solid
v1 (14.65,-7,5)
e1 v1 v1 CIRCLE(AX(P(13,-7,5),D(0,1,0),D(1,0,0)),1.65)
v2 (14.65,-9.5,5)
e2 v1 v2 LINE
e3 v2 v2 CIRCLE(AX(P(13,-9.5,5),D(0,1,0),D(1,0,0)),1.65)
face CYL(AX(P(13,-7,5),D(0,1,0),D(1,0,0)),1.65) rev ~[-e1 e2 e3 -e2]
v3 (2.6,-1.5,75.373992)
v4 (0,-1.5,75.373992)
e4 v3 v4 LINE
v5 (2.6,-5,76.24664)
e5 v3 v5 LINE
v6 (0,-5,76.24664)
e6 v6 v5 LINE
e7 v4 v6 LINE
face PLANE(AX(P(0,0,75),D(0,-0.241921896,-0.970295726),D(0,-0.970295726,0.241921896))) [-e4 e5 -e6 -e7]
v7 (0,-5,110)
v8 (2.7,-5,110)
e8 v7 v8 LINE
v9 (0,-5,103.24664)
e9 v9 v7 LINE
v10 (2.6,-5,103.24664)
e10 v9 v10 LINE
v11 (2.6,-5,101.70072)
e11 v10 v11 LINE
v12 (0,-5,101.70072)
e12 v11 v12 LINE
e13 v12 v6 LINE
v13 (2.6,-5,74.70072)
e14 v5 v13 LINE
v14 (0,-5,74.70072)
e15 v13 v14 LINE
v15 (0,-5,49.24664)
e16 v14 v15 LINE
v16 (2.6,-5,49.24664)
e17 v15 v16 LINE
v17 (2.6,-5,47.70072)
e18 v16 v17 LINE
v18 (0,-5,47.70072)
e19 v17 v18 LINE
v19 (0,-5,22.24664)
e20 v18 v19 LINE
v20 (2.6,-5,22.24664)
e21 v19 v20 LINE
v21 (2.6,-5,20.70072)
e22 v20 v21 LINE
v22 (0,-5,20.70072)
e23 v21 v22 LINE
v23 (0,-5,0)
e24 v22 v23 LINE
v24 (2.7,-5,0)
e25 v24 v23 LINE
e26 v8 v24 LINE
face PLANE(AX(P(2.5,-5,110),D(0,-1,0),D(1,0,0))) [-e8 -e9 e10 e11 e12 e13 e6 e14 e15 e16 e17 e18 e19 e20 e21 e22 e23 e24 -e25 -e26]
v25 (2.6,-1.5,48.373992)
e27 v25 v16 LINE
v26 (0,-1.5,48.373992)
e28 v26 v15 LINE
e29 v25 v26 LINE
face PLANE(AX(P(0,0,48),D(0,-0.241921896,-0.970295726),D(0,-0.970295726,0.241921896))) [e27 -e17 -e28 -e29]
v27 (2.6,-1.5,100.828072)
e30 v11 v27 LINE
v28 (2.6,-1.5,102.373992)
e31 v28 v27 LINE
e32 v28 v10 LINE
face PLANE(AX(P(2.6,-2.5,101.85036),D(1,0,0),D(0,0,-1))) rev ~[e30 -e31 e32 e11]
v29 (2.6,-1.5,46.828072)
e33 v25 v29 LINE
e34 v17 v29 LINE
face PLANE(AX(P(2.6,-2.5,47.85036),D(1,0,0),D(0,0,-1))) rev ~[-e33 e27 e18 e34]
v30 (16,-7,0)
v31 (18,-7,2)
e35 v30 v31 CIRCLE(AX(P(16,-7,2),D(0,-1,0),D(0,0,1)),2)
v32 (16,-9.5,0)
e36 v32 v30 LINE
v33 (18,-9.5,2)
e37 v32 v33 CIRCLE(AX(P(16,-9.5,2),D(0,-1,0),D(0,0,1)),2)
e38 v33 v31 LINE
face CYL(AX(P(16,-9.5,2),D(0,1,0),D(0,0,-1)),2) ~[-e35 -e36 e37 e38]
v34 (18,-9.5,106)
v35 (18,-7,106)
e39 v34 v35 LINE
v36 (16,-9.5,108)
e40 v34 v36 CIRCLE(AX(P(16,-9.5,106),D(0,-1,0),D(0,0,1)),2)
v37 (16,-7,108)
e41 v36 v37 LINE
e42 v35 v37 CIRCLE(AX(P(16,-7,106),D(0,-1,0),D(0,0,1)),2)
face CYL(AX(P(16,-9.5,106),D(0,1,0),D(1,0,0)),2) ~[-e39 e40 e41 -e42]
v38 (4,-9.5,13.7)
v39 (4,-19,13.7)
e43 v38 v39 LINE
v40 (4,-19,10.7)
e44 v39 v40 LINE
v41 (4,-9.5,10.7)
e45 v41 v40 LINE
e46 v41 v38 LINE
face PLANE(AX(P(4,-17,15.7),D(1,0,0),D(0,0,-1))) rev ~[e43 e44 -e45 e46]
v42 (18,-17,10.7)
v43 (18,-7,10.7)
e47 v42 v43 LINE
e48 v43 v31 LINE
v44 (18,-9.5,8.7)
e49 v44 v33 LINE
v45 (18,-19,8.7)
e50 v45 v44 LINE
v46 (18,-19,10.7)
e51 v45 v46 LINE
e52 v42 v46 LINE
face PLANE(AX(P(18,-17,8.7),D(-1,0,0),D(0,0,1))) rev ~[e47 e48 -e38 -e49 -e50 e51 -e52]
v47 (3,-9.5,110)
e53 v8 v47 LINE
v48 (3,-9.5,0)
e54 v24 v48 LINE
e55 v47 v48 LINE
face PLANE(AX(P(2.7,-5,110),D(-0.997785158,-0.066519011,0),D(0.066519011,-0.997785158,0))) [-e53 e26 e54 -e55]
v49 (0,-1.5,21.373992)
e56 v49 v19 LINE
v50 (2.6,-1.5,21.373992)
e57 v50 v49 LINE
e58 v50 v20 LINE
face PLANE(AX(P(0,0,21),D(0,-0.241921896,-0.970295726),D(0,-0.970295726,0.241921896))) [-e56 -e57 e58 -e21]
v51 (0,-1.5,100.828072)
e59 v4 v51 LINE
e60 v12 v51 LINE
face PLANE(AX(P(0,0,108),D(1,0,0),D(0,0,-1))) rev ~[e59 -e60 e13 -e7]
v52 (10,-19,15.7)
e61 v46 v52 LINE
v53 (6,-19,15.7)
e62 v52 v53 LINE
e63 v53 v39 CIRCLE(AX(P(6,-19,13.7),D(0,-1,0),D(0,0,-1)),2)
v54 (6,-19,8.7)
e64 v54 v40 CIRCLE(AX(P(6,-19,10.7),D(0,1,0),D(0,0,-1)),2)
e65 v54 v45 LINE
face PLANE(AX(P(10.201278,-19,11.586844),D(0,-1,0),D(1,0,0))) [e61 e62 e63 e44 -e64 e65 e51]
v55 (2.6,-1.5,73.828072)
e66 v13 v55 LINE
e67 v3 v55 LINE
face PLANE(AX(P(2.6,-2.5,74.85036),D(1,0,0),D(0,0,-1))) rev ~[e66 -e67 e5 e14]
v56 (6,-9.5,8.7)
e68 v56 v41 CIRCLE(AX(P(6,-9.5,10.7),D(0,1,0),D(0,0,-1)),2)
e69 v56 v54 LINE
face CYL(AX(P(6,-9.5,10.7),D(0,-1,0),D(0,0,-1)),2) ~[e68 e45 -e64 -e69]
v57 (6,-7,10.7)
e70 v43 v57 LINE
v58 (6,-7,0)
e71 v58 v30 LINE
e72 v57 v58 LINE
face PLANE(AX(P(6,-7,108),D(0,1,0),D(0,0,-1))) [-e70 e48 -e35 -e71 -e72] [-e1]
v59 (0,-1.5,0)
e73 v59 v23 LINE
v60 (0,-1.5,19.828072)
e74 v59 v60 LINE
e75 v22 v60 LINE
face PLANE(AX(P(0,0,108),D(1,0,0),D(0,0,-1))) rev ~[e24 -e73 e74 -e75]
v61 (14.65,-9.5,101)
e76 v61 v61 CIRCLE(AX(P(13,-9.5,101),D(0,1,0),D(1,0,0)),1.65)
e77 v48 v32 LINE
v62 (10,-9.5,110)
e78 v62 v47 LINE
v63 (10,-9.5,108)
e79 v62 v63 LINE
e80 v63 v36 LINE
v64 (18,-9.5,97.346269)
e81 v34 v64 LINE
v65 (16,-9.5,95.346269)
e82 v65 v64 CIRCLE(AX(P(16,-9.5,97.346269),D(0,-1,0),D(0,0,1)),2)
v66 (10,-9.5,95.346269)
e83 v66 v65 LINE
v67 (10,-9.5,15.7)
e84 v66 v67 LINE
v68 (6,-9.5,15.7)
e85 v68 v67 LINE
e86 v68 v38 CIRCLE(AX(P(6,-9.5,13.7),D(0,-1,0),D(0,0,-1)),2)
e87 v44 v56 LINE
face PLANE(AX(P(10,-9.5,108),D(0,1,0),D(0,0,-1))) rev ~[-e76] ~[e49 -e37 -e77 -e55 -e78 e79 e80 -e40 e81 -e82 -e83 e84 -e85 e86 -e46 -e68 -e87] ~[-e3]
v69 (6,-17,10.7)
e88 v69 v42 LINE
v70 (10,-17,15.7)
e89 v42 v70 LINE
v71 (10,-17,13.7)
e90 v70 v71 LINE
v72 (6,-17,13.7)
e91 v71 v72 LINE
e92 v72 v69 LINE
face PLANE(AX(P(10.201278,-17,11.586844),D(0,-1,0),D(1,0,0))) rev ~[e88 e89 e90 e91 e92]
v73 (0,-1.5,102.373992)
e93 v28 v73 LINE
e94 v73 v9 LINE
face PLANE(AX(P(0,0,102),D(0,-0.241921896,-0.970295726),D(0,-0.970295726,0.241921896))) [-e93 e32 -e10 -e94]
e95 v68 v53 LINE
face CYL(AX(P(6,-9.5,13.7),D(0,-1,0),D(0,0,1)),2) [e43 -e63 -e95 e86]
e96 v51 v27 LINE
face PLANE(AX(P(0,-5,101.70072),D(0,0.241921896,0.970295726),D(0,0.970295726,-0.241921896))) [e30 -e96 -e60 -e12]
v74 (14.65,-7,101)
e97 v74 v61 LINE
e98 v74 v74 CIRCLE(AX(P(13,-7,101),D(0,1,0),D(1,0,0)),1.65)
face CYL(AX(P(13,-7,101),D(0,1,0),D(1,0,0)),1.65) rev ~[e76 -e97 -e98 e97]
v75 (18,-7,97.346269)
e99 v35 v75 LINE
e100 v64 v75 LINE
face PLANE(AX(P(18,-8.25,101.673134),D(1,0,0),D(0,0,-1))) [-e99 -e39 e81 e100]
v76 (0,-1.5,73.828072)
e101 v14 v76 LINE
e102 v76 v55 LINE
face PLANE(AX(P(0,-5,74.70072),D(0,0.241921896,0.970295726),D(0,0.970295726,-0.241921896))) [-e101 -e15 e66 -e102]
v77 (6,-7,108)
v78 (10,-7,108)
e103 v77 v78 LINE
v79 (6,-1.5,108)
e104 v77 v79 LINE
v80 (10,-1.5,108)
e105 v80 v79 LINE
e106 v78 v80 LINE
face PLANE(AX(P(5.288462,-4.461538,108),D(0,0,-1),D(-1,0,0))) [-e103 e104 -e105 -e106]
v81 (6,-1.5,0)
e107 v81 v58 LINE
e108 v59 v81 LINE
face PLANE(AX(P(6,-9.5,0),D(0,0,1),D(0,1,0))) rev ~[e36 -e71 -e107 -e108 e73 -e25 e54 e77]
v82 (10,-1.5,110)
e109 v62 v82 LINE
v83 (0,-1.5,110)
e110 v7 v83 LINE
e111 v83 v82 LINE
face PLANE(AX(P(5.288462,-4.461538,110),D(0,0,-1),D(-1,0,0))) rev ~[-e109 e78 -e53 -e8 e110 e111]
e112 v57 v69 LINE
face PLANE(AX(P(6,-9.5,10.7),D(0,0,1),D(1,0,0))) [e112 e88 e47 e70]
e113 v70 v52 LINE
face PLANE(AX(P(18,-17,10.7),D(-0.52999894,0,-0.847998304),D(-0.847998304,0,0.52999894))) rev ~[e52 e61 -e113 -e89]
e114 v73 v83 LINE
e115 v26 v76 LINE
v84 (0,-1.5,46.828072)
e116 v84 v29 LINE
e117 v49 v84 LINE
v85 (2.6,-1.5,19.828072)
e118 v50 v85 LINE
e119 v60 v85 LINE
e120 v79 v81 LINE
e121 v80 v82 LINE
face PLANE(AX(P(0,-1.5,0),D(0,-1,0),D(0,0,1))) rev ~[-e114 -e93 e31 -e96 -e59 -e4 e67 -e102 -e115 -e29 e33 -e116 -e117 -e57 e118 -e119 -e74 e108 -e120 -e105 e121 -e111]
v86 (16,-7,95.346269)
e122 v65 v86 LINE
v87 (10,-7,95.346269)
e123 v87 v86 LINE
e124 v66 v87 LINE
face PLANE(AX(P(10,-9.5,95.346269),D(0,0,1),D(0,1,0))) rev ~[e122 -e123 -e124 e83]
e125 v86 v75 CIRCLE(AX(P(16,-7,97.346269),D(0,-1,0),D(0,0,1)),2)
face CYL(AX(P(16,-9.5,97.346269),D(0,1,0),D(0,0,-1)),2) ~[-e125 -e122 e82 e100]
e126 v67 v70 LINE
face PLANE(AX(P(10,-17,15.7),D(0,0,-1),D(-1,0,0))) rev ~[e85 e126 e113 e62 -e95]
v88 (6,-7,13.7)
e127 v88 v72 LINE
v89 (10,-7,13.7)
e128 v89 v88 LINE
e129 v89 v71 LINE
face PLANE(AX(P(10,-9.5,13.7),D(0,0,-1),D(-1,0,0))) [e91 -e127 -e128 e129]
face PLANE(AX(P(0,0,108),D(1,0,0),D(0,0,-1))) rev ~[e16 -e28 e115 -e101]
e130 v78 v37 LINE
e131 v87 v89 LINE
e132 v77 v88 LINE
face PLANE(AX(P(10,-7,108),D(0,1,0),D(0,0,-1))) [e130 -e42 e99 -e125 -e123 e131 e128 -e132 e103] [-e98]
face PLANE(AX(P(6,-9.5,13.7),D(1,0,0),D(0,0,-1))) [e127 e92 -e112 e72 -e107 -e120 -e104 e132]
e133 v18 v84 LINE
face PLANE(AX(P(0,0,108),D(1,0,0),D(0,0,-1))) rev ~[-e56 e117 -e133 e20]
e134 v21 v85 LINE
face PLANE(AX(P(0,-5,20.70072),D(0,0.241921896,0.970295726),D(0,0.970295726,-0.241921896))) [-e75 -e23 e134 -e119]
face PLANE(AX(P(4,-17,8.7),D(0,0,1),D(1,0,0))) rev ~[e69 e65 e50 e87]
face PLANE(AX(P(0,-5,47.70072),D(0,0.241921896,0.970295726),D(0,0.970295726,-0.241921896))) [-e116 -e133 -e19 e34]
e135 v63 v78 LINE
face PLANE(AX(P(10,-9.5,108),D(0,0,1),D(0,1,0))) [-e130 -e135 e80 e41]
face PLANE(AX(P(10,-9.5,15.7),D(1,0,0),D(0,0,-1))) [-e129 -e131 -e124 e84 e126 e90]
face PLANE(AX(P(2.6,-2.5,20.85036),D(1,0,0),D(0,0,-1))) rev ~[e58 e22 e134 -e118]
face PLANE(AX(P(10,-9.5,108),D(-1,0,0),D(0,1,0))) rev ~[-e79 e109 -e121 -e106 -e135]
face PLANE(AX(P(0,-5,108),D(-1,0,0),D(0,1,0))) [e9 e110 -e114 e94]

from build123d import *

# Parameters (mm, degrees)
SIDE_LIP_MAIN_SECTION_W          = 6
SIDE_LIP_MAIN_SECTION_H          = 108
SIDE_LIP_DEPTH                   = 5
VERTICAL_FIN_CUTS_DEPTH          = 2.6
SKETCH4_W                        = 3.5
SKETCH4_H                        = 108
DESCENDER_DEPTH                  = 4.5
SKETCH5_W                        = 108
SKETCH5_H                        = 2.5
PCB_BASE_DEPTH                   = 4
LOWER_CAP_DEPTH                  = 2
SKETCH9_W                        = 3
SKETCH9_H                        = 2.5
AL_BAR_CUT_DEPTH                 = 4
SKETCH10_W                       = 12.653731328
SKETCH10_H                       = 2.5
SKETCH10_W_2                     = 10.7
SUPPORT_TABS_DEPTH               = 8
BOLT_HOLES_REACH                 = 4.5
SKETCH11_R                       = 1.65
AL_BAR_ENCLOSURE_DEPTH           = 7.5
AL_BAR_BASE_DEPTH                = 2
FILLET1_R                        = 2
SKETCH16_W                       = 10
SKETCH16_H                       = 0.5
REDUCE_SIDE_SUPPORT_HEIGHT_DEPTH = 111
SIT_FLAT_DEPTH                   = 111
SKETCH19_W                       = 110
SKETCH19_H                       = 1
LOWER_TOP_DEPTH                  = 19


with BuildPart() as part:
    # Side lip main section → Side lip (new body)
    with BuildSketch(Plane(origin=(0, 0, 0), x_dir=(1, 0, 0), z_dir=(0, 1, 0))):
        with Locations((3, -54)):
            Rectangle(SIDE_LIP_MAIN_SECTION_W, SIDE_LIP_MAIN_SECTION_H)
    extrude(amount=-SIDE_LIP_DEPTH)

    # Sketch2 → Vertical fin cuts (cut)
    with BuildSketch(Plane.ZY):
        Polygon((102, 0), (103.246640014, -5), (101.70071957, -5), (100.454079556, 0), align=None)
        Polygon((75, 0), (76.246640014, -5), (74.70071957, -5), (73.454079556, 0), align=None)
        Polygon((48, 0), (49.246640014, -5), (47.70071957, -5), (46.454079556, 0), align=None)
        Polygon((21, 0), (22.246640014, -5), (20.70071957, -5), (19.454079556, 0), align=None)
    extrude(amount=-VERTICAL_FIN_CUTS_DEPTH, mode=Mode.SUBTRACT)

    # Sketch4 → Descender (add)
    with BuildSketch(Plane.XZ.offset(5)):
        with Locations((4.25, 54)):
            Rectangle(SKETCH4_W, SKETCH4_H)
    extrude(amount=DESCENDER_DEPTH)

    # Sketch5 → PCB base (add)
    with BuildSketch(Plane(origin=(6, 0, 0), x_dir=(0, 0, -1), z_dir=(1, 0, 0))):
        with Locations((-54, -8.25)):
            Rectangle(SKETCH5_W, SKETCH5_H)
    extrude(amount=PCB_BASE_DEPTH)

    # Sketch8 → Lower cap (add)
    with BuildSketch(Plane.XY.offset(108)):
        Polygon((6, 0), (10, 0), (10, -7), (10, -9.5), (2.5, -9.5), (2.5, -5), (0, -5), (0, 0), align=None)
    extrude(amount=LOWER_CAP_DEPTH)

    # Sketch9 → Al bar cut (cut)
    with BuildSketch(Plane(origin=(10, 0, 0), x_dir=(0, 0, -1), z_dir=(1, 0, 0))):
        with Locations((-12.2, -8.25)):
            Rectangle(SKETCH9_W, SKETCH9_H)
    extrude(amount=-AL_BAR_CUT_DEPTH, mode=Mode.SUBTRACT)

    # Sketch10 → Support tabs (add)
    with BuildSketch(Plane(origin=(10, 0, 0), x_dir=(0, 0, -1), z_dir=(1, 0, 0))):
        with Locations((-101.673134336, -8.25)):
            Rectangle(SKETCH10_W, SKETCH10_H)
        with Locations((-5.35, -8.25)):
            Rectangle(SKETCH10_W_2, SKETCH10_H)
    extrude(amount=SUPPORT_TABS_DEPTH)

    # Sketch11 → Bolt holes (cut, up to next)
    with BuildSketch(Plane(origin=(0, -7, 0), x_dir=(1, 0, 0), z_dir=(0, 1, 0)), mode=Mode.PRIVATE) as bolt_holes_sk1:
        with Locations((13, -5)):
            Circle(SKETCH11_R)
    bolt_holes_tool1 = extrude(bolt_holes_sk1.sketch, amount=-BOLT_HOLES_REACH, mode=Mode.PRIVATE) & part.part
    add(bolt_holes_tool1.solids().sort_by_distance((13, -7, 5))[0], mode=Mode.SUBTRACT)
    # Sketch11 → Bolt holes (cut, up to next)
    with BuildSketch(Plane(origin=(0, -7, 0), x_dir=(1, 0, 0), z_dir=(0, 1, 0)), mode=Mode.PRIVATE) as bolt_holes_sk2:
        with Locations((13, -101)):
            Circle(SKETCH11_R)
    bolt_holes_tool2 = extrude(bolt_holes_sk2.sketch, amount=-BOLT_HOLES_REACH, mode=Mode.PRIVATE) & part.part
    add(bolt_holes_tool2.solids().sort_by_distance((13, -7, 101))[0], mode=Mode.SUBTRACT)

    # Sketch12 → Al bar enclosure (add)
    with BuildSketch(Plane.XZ.offset(9.5)):
        Polygon((6, 10.7), (18, 10.7), (18, 8.7), (4, 8.7), (4, 15.7), (10, 15.7), (10, 13.7), (6, 13.7), align=None)
    extrude(amount=AL_BAR_ENCLOSURE_DEPTH)

    # Sketch13 → Al bar base (add)
    with BuildSketch(Plane.XZ.offset(17)):
        Polygon((10, 15.7), (4, 15.7), (4, 8.7), (18, 8.7), (18, 10.7), align=None)
    extrude(amount=AL_BAR_BASE_DEPTH)

    # Fillet1
    fillet1_edges = [part.edges().sort_by_distance(p)[0] for p in [
        (18, -8.25, 108),
        (18, -8.25, 95.346268672),
        (18, -8.25, 0),
        (4, -14.25, 15.7),
        (4, -14.25, 8.7),
    ]]
    fillet(fillet1_edges, radius=FILLET1_R)

    # Sketch16 → Reduce side support height (cut, through all)
    with BuildSketch(Plane.XY.offset(110)):
        with Locations((5, -0.25)):
            Rectangle(SKETCH16_W, SKETCH16_H)
    extrude(amount=-REDUCE_SIDE_SUPPORT_HEIGHT_DEPTH, mode=Mode.SUBTRACT)

    # Sketch17 → Sit flat! (cut, through all)
    with BuildSketch(Plane.XY.offset(110)):
        Polygon((2.5, -5), (2.7, -5), (3, -9.5), (2.5, -9.5), align=None)
    extrude(amount=-SIT_FLAT_DEPTH, mode=Mode.SUBTRACT)

    # Sketch19 → Lower top (cut, through all)
    with BuildSketch(Plane.ZY):
        with Locations((55, -1)):
            Rectangle(SKETCH19_W, SKETCH19_H)
    extrude(amount=-LOWER_TOP_DEPTH, mode=Mode.SUBTRACT)


solid = part.part
